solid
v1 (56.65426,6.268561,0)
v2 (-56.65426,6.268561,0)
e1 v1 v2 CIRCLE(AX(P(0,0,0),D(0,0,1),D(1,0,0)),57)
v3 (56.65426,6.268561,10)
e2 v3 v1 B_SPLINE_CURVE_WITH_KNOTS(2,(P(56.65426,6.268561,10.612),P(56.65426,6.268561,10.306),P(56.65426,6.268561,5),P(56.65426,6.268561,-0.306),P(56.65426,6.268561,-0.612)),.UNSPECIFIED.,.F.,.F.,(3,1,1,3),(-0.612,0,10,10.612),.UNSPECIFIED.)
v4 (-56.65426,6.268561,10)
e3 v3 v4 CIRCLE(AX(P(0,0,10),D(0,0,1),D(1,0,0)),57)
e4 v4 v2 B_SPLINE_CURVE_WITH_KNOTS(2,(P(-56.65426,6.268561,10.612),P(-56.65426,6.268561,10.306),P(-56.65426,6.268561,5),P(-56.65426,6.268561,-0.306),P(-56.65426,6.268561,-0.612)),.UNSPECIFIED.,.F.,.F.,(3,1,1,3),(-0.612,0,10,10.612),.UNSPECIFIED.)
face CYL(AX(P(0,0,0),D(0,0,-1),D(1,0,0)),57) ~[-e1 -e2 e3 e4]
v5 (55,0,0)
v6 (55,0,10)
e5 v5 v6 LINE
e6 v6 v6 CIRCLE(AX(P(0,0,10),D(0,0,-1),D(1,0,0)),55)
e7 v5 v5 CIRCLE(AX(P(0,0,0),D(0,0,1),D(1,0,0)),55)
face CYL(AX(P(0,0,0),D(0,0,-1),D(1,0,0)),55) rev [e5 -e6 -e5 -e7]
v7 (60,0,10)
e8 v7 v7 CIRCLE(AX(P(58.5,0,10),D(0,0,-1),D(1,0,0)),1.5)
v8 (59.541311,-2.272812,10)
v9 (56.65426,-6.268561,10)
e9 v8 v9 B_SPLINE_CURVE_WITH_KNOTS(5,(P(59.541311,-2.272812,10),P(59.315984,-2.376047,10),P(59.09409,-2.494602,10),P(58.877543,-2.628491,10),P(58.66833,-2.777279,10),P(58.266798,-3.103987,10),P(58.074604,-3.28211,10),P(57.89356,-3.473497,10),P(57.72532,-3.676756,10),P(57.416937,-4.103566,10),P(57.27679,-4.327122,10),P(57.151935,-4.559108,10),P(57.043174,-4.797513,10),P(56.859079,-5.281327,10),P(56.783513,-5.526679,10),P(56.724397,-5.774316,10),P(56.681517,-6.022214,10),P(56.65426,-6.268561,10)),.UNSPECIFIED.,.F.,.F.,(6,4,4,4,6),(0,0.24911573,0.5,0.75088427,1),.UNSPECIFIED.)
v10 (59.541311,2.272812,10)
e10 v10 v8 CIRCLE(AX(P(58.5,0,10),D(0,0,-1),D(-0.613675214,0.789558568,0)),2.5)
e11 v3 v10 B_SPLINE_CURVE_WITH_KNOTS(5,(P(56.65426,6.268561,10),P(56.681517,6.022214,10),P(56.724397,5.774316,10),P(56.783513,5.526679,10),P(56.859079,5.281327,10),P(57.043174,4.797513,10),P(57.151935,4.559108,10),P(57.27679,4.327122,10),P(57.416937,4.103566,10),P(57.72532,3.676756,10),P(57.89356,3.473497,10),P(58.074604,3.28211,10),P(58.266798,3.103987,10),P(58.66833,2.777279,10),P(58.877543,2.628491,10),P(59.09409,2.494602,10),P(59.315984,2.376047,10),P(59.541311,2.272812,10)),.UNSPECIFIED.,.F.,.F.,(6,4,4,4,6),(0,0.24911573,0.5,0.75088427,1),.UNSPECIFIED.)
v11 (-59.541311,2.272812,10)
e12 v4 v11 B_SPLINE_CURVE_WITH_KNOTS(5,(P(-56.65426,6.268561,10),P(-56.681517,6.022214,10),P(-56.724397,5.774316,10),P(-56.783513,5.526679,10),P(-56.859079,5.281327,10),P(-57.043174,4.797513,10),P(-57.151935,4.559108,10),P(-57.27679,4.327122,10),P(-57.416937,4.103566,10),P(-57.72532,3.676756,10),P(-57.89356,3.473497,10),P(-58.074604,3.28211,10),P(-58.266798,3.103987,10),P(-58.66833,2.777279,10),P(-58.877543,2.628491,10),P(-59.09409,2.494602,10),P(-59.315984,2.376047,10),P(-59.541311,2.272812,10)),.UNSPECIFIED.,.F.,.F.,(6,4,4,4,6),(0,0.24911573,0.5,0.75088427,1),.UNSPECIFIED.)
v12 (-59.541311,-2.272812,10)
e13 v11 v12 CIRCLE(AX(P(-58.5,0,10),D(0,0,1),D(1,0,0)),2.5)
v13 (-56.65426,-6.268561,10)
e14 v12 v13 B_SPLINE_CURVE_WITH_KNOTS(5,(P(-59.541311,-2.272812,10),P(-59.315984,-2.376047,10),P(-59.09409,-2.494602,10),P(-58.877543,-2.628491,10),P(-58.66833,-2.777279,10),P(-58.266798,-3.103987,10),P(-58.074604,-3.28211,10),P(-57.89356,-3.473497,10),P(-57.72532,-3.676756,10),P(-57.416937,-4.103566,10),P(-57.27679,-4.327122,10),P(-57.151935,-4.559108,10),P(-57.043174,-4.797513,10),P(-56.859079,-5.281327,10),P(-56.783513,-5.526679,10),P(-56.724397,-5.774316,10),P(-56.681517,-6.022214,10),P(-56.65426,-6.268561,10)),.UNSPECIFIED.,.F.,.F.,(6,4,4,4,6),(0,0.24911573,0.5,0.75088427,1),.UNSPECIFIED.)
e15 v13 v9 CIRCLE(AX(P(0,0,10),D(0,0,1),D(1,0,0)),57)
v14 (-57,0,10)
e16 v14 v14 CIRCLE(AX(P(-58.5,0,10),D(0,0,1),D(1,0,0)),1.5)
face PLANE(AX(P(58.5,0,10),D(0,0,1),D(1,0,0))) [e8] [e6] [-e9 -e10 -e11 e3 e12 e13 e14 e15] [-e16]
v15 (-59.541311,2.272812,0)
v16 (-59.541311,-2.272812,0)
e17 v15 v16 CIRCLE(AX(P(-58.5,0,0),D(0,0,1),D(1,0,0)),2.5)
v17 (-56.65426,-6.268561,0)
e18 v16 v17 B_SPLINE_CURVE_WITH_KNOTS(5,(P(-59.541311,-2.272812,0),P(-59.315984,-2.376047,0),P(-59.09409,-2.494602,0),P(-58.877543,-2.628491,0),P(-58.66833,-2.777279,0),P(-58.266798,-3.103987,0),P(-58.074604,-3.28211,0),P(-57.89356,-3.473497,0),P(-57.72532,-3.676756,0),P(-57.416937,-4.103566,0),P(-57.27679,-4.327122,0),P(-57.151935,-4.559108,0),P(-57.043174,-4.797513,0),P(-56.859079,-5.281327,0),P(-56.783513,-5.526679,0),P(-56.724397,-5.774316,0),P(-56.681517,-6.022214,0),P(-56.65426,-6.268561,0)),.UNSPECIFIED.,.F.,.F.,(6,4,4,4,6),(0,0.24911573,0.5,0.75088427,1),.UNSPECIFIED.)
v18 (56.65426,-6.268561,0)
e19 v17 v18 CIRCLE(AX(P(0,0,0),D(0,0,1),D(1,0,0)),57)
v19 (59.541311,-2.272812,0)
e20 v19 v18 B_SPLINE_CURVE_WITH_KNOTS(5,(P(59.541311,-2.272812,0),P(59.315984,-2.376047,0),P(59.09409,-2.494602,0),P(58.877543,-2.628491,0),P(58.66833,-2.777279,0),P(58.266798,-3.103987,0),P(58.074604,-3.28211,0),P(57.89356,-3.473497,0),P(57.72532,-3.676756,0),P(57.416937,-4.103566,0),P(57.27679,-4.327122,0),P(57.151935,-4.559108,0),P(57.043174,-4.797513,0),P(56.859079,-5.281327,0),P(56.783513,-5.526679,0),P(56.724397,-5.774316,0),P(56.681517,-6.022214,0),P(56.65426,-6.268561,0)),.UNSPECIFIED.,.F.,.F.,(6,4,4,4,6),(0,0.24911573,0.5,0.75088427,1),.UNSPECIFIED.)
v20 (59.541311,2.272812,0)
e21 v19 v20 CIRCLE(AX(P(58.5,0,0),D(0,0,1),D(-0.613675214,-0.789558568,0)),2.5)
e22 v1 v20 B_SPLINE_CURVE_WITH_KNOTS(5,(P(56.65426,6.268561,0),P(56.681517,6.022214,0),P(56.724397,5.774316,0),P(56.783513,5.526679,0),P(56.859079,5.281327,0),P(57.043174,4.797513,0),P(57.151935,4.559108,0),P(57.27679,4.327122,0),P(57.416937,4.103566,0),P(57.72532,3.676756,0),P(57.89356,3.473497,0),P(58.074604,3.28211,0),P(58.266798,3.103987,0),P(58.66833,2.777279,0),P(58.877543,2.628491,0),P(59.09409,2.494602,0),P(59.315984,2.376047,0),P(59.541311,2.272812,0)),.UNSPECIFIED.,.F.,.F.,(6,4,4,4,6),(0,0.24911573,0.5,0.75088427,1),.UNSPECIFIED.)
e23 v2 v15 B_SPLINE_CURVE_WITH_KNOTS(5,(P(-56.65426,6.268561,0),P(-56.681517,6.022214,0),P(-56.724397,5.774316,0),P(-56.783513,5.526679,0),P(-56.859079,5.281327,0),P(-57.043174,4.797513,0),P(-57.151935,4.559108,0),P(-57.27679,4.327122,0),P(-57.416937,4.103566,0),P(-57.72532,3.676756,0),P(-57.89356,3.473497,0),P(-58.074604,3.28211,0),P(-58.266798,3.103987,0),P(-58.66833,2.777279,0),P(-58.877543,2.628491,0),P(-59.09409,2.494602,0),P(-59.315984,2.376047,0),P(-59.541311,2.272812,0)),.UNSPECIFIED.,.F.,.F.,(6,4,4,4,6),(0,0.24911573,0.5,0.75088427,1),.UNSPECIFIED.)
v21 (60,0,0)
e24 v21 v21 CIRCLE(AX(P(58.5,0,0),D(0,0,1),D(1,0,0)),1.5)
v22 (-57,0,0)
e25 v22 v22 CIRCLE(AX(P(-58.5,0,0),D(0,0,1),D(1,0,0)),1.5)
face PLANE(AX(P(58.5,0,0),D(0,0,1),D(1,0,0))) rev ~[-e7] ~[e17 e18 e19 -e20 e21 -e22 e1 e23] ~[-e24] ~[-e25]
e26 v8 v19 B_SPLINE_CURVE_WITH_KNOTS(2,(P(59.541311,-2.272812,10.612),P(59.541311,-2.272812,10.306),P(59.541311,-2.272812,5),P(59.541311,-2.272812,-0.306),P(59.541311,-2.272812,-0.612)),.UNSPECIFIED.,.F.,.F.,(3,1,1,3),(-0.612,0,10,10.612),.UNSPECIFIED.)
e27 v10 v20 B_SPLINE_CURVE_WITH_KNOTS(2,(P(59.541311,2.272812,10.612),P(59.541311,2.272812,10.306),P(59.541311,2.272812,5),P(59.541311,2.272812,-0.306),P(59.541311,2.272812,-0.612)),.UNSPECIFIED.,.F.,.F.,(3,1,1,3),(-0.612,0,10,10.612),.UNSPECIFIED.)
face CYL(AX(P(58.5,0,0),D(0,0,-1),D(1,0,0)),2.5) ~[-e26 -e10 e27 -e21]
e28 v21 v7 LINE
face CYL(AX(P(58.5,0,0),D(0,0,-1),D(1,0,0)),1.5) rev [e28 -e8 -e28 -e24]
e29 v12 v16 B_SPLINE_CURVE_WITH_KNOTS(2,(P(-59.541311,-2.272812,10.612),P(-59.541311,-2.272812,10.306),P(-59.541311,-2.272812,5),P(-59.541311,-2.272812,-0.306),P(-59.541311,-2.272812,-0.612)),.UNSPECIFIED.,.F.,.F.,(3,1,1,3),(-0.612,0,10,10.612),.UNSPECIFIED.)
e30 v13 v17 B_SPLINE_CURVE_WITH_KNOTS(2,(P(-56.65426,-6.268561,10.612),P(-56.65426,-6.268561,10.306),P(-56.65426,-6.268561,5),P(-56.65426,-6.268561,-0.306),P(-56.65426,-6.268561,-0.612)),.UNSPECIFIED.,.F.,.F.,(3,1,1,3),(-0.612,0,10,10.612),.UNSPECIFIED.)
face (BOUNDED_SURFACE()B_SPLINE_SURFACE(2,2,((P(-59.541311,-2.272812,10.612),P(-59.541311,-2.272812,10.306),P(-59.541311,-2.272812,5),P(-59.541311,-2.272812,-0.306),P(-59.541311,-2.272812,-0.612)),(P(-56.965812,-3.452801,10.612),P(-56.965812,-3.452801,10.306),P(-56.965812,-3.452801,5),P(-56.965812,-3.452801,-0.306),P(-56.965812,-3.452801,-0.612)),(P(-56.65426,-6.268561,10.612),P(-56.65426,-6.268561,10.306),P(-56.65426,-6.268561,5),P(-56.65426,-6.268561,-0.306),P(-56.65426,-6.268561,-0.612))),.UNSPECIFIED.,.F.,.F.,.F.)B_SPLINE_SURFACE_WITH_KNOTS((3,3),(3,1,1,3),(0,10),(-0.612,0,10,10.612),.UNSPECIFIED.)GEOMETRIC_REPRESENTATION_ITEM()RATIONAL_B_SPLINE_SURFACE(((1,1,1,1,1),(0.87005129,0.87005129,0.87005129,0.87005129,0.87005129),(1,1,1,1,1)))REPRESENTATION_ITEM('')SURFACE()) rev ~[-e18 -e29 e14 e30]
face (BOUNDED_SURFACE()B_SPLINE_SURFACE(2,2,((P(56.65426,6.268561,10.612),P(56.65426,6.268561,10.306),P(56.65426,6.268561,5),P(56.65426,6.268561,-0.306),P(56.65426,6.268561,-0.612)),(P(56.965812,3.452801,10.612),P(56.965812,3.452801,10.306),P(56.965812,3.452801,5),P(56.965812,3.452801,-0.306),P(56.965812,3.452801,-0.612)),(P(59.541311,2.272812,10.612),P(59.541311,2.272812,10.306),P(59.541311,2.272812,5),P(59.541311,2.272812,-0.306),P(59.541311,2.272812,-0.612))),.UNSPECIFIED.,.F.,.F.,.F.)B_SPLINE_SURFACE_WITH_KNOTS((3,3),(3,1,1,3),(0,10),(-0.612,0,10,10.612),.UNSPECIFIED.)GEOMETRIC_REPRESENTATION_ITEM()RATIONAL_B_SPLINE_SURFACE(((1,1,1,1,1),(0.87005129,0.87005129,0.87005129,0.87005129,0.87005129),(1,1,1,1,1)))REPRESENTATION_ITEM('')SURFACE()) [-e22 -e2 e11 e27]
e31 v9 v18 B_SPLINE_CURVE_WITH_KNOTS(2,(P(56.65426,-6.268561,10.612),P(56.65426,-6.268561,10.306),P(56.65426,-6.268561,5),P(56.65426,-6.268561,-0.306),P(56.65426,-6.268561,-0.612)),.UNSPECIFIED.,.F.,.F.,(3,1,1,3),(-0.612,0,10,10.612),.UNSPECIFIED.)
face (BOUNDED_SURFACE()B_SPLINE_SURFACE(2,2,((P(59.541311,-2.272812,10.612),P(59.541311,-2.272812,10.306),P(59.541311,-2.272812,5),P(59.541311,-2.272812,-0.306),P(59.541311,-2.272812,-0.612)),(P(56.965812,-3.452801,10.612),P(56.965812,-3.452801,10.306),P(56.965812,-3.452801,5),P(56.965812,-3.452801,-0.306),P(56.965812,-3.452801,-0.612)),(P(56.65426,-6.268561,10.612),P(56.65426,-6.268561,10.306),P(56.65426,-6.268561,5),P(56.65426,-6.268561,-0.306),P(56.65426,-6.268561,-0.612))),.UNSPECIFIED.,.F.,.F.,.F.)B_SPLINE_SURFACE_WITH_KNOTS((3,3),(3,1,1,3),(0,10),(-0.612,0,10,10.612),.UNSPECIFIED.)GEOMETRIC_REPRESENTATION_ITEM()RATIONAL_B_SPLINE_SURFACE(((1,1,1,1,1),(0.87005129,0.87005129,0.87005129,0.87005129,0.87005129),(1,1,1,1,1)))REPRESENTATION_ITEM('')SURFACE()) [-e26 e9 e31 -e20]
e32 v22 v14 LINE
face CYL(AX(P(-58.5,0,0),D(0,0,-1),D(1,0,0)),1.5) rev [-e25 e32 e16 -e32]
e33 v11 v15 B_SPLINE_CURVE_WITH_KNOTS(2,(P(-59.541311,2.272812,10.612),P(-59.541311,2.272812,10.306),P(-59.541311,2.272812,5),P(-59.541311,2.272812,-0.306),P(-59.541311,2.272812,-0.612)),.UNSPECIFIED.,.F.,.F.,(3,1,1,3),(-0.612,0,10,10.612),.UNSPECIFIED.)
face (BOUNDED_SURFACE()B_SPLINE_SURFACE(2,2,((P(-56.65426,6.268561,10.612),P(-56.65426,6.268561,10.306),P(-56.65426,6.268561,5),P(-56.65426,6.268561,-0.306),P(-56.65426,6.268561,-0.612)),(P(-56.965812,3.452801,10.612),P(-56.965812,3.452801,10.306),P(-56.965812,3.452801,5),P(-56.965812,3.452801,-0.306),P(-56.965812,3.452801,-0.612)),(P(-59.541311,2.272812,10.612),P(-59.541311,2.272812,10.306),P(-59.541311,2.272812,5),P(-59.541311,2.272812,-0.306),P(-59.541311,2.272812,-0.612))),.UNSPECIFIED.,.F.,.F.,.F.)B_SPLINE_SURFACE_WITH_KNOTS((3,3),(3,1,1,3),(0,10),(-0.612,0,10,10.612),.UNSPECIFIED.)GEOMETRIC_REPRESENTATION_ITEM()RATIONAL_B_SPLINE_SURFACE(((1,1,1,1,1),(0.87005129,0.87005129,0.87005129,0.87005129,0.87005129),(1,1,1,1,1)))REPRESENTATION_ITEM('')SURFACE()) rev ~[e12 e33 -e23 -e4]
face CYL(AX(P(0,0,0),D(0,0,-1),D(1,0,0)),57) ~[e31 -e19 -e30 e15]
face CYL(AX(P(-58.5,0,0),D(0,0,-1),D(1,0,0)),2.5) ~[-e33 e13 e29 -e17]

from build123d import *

# Parameters (mm, degrees)
F0_R     = 57
F1_DEPTH = 10
F2_R     = 55
F3_DEPTH = 25
F4_R     = 2.5
F4_R_2   = 1.5
F5_DEPTH = 10
F6_R     = 5
F7_R     = 5


with BuildPart() as f1:
    # F0 (on Top) → F1 (new body)
    with BuildSketch(Plane.XY):
        Circle(F0_R)
    extrude(amount=F1_DEPTH)

    # F2 (on Top) → F3 (cut)
    with BuildSketch(Plane.XY):
        Circle(F2_R)
    extrude(amount=F3_DEPTH, mode=Mode.SUBTRACT)

    # F4 (on Top) → F5 (join)
    with BuildSketch(Plane.XY):
        with Locations((58.5, 0)):
            Circle(F4_R)
        with Locations((58.5, 0)):
            Circle(F4_R_2, mode=Mode.SUBTRACT)
        with Locations((-58.5, 0)):
            Circle(F4_R)
        with Locations((-58.5, 0)):
            Circle(F4_R_2, mode=Mode.SUBTRACT)
    extrude(amount=F5_DEPTH)

    # F6
    f6_edges = [f1.edges().sort_by_distance(p)[0] for p in [
        (-56.965812, -1.973896, 5),
        (-56.965812, 1.973896, 5),
    ]]
    fillet(f6_edges, radius=F6_R)

    # F7
    f7_edges = [f1.edges().sort_by_distance(p)[0] for p in [
        (56.965812, -1.973896, 5),
        (56.965812, 1.973896, 5),
    ]]
    fillet(f7_edges, radius=F7_R)


solid = f1.part
